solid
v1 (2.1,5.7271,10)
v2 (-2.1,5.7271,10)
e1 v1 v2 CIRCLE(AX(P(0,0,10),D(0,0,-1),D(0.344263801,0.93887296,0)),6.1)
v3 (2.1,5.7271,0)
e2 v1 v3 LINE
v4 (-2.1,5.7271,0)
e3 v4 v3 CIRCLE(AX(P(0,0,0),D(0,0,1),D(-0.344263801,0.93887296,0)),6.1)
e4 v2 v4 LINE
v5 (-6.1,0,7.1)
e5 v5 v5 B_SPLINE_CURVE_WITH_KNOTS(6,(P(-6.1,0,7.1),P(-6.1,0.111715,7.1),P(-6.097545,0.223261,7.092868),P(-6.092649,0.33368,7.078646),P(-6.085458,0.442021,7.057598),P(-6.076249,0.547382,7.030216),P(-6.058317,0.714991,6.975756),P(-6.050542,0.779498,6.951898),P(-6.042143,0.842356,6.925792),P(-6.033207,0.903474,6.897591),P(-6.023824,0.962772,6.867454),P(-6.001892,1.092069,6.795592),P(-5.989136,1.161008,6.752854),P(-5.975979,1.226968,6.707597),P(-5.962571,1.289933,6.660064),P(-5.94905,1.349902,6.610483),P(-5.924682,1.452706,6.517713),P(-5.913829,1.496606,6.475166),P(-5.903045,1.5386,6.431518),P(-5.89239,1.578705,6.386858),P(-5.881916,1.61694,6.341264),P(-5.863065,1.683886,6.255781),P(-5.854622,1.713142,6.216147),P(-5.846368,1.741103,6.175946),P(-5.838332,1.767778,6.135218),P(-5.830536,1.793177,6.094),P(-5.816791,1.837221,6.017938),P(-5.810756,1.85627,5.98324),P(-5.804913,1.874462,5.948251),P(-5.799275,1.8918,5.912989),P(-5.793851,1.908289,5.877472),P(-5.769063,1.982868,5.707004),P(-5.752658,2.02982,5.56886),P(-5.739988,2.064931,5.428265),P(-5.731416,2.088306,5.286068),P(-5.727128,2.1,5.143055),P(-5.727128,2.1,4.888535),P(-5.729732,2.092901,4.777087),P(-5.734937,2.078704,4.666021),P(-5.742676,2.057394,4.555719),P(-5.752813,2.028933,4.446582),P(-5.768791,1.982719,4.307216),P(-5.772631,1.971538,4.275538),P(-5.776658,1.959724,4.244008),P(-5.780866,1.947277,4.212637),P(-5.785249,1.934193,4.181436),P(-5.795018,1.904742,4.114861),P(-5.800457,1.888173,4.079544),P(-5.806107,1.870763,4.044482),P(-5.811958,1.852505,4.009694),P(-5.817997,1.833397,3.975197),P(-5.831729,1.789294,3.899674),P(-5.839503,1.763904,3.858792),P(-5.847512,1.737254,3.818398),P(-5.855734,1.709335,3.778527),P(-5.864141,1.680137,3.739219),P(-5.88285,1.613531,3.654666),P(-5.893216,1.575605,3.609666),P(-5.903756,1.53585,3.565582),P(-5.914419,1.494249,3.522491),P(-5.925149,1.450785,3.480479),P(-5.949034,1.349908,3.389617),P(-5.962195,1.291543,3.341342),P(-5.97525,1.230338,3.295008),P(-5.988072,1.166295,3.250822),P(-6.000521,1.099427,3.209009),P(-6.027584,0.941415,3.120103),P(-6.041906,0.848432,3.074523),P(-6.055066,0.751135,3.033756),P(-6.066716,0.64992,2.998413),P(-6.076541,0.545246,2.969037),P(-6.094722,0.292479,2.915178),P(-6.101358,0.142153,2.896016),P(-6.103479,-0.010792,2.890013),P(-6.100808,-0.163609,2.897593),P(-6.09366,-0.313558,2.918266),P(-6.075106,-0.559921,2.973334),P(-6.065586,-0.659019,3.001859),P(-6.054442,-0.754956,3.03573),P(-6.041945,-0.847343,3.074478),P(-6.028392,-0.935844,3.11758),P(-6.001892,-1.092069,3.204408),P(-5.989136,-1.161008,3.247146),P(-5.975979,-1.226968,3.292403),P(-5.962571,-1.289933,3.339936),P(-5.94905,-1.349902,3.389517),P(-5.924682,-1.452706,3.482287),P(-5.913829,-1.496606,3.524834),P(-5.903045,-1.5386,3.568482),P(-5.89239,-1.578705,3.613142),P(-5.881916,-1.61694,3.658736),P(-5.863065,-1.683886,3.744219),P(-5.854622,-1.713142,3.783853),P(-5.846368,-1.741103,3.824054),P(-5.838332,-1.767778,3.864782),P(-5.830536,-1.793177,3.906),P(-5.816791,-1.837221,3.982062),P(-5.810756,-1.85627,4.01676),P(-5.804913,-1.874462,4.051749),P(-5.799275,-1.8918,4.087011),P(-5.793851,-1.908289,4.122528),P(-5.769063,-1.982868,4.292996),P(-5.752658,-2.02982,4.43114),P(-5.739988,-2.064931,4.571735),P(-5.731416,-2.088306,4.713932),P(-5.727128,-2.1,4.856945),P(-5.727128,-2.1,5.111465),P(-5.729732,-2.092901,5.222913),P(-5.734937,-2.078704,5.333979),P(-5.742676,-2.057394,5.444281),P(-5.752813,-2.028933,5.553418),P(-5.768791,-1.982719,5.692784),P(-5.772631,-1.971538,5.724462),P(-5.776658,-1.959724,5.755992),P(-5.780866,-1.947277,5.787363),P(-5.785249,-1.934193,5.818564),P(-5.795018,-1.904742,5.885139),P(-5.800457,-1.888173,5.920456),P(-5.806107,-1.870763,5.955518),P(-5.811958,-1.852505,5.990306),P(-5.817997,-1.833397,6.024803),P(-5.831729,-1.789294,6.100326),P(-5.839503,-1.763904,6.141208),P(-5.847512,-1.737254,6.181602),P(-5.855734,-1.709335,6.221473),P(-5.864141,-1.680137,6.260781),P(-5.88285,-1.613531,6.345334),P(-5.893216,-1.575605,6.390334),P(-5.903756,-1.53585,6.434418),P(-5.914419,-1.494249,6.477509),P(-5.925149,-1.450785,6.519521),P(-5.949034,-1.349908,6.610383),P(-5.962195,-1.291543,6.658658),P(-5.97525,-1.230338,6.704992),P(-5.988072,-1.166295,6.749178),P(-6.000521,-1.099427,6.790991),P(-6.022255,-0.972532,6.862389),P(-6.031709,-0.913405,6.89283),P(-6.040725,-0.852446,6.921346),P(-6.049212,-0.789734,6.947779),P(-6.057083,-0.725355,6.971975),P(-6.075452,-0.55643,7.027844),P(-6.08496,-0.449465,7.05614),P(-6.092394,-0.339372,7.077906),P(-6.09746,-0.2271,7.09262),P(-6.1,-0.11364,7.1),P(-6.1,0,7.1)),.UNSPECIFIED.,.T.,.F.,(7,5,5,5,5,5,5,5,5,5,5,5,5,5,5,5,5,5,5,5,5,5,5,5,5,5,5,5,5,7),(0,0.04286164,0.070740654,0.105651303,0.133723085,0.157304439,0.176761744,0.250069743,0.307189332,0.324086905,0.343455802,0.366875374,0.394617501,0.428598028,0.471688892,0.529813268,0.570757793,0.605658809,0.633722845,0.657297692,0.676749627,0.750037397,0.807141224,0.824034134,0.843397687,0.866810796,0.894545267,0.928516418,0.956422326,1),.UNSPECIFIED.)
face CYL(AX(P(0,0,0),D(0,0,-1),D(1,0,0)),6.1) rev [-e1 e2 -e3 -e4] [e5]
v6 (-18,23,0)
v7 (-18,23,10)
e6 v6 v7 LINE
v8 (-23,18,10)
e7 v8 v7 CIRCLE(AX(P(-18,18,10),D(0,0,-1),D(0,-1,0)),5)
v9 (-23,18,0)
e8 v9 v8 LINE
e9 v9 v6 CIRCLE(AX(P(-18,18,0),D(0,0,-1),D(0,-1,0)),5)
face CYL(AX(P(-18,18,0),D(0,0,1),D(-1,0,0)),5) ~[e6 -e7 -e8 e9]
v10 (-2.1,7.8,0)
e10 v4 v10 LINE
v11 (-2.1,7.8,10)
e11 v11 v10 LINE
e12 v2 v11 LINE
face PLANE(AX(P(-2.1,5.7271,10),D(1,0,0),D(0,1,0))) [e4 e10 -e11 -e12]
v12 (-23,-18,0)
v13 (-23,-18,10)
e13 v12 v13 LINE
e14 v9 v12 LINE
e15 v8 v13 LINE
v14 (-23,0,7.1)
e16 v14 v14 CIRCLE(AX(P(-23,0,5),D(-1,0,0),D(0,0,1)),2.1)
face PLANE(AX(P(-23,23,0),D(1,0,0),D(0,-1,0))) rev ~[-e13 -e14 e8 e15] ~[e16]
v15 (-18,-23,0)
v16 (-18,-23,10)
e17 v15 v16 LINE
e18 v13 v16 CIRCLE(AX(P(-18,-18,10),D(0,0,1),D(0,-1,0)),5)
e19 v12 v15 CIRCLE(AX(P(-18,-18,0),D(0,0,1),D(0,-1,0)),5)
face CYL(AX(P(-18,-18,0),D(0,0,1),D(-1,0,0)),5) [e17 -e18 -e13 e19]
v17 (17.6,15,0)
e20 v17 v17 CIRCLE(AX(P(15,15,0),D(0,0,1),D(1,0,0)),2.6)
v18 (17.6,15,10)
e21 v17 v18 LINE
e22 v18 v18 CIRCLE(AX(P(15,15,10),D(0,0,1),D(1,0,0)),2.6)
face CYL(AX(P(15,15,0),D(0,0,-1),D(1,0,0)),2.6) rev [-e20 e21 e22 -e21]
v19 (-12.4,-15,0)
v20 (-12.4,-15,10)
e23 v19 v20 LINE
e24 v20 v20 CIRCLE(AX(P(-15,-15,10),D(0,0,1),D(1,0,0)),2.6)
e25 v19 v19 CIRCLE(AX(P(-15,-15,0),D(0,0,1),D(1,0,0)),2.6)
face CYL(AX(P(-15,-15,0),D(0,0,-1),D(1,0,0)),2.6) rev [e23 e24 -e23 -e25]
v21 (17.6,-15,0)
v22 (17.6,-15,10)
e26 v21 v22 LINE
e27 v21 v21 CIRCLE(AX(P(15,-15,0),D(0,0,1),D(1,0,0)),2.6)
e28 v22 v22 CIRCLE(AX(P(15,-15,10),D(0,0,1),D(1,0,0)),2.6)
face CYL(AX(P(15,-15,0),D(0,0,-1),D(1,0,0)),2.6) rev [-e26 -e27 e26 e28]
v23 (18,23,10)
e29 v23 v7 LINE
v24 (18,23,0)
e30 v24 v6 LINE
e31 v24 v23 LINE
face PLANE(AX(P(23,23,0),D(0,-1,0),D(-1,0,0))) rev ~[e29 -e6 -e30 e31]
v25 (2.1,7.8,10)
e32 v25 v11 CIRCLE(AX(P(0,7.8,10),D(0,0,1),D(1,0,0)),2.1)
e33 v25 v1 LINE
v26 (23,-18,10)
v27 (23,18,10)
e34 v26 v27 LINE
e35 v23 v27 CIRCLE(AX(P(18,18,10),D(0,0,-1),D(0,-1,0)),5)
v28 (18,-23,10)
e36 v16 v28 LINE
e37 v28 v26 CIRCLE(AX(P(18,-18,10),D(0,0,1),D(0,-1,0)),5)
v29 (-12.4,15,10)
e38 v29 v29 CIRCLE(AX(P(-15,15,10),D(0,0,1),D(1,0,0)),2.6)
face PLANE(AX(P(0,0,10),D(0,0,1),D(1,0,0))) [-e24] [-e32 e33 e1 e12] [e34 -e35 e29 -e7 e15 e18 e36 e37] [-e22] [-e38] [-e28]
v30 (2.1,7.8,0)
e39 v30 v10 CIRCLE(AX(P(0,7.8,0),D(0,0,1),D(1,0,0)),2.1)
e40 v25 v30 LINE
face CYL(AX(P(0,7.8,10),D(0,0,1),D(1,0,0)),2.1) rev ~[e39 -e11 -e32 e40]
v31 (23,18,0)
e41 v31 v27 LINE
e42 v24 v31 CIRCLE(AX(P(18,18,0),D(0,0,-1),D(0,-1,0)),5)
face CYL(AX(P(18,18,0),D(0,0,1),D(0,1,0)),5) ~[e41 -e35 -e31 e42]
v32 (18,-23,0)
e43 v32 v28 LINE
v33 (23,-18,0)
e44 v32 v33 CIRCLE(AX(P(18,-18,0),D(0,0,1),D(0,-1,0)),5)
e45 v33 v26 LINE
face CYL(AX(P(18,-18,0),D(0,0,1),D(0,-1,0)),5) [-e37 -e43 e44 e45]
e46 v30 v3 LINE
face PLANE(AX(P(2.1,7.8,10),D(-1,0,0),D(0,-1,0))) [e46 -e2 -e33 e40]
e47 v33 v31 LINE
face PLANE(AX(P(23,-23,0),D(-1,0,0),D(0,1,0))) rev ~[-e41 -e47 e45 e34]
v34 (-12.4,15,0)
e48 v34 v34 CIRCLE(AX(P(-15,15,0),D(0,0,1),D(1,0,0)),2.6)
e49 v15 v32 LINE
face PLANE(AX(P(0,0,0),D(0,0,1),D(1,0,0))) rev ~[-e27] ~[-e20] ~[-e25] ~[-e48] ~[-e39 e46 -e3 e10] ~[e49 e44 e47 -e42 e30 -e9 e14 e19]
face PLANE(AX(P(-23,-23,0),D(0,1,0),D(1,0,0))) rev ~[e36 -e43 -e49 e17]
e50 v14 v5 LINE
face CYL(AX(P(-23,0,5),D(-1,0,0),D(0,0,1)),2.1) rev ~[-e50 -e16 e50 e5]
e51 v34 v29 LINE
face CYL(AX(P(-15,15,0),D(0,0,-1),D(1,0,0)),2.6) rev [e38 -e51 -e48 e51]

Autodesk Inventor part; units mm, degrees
ref_plane "YZ Plane" through (0, 0, 0) normal (1, 0, 0) x (0, 1, 0)
ref_plane "XZ Plane" through (0, 0, 0) normal (0, 1, 0) x (-1, 0, 0)
ref_plane "XY Plane" through (0, 0, 0) normal (0, 0, 1) x (1, 0, 0)
sketch "スケッチ1" plane through (0, 0, 0) normal (0, 0, 1) x (1, 0, 0)
  circle A0 centre (0, 0) radius 6.1
  circle A1 centre (0, 0) radius 21.2132 construction
  line L0 (0, 0) -> (15, 15) construction
  line L1 (0, 0) -> (0, 37.5908) construction
  circle A2 centre (15, 15) radius 2.6
  circle A3 centre (-15, 15) radius 2.6
  circle A4 centre (-15, -15) radius 2.6
  circle A5 centre (15, -15) radius 2.6
  line L2 (-15, 15) -> (15, 15) construction
  line L3 (15, 15) -> (15, -15) construction
  line L4 (15, -15) -> (-15, -15) construction
  line L5 (-15, -15) -> (-15, 15) construction
  line L6 (-23, -23) -> (23, -23)
  line L7 (23, -23) -> (23, 23)
  line L8 (23, 23) -> (-23, 23)
  line L9 (-23, 23) -> (-23, -23)
  line L10 (-23, -23) -> (23, 23) construction
  line L11 (23, -23) -> (-23, 23) construction
  circle A6 centre (0, 0) radius 15 construction
  circle A7 centre (-15, 15) radius 5.7791 construction
  dimension "d1" = 12.2
  dimension "d3" = 45
  dimension "d4" = 5.2
  dimension "d7" = 360
  dimension "d11" = 30
  dimension "d12" = 46
extrude "押し出し1" add sketch "スケッチ1" along normal blind 10
sketch "スケッチ2" plane through (-23, -23, 0) normal (-1, 0, 0) x (0, 0, 1)
  line L0 (0, 23) -> (10, 23) construction
  line L1 (10, 29.1) -> (10, 16.9) construction
  circle A0 centre (5, 23) radius 2.1
  dimension "d14" = 4.2
extrude "押し出し2" cut sketch "スケッチ2" against normal up to next
fillet "フィレット2" radius 5 4 edges at (23, -23, 5) (23, 23, 5) (-23, -23, 5) (-23, 23, 5)
sketch "スケッチ3" plane through (0, 0, 10) normal (0, 0, 1) x (1, 0, 0)
  circle A0 centre (0, 0) radius 6.1 projected
  line L0 (-2.1, 5.7271) -> (-2.1, 7.8)
  line L1 (-2.1, 7.8) -> (2.1, 7.8) construction
  line L2 (2.1, 7.8) -> (2.1, 5.7271)
  line L3 (0, 0) -> (0, 23) construction
  line L4 (18, 23) -> (-18, 23) construction
  arc A1 (2.1, 7.8) -> (-2.1, 7.8) centre (0, 7.8) ccw
  line L5 (-2.1, 5.7271) -> (2.1, 5.7271)
  point P0 (0, 6.1)
  dimension "d18" = 2.1
  dimension "d23" = 7.8
extrude "押し出し3" cut sketch "スケッチ3" against normal blind 10 contours A0 L0 A1 L2
properties part number "車輪ハブ3"
